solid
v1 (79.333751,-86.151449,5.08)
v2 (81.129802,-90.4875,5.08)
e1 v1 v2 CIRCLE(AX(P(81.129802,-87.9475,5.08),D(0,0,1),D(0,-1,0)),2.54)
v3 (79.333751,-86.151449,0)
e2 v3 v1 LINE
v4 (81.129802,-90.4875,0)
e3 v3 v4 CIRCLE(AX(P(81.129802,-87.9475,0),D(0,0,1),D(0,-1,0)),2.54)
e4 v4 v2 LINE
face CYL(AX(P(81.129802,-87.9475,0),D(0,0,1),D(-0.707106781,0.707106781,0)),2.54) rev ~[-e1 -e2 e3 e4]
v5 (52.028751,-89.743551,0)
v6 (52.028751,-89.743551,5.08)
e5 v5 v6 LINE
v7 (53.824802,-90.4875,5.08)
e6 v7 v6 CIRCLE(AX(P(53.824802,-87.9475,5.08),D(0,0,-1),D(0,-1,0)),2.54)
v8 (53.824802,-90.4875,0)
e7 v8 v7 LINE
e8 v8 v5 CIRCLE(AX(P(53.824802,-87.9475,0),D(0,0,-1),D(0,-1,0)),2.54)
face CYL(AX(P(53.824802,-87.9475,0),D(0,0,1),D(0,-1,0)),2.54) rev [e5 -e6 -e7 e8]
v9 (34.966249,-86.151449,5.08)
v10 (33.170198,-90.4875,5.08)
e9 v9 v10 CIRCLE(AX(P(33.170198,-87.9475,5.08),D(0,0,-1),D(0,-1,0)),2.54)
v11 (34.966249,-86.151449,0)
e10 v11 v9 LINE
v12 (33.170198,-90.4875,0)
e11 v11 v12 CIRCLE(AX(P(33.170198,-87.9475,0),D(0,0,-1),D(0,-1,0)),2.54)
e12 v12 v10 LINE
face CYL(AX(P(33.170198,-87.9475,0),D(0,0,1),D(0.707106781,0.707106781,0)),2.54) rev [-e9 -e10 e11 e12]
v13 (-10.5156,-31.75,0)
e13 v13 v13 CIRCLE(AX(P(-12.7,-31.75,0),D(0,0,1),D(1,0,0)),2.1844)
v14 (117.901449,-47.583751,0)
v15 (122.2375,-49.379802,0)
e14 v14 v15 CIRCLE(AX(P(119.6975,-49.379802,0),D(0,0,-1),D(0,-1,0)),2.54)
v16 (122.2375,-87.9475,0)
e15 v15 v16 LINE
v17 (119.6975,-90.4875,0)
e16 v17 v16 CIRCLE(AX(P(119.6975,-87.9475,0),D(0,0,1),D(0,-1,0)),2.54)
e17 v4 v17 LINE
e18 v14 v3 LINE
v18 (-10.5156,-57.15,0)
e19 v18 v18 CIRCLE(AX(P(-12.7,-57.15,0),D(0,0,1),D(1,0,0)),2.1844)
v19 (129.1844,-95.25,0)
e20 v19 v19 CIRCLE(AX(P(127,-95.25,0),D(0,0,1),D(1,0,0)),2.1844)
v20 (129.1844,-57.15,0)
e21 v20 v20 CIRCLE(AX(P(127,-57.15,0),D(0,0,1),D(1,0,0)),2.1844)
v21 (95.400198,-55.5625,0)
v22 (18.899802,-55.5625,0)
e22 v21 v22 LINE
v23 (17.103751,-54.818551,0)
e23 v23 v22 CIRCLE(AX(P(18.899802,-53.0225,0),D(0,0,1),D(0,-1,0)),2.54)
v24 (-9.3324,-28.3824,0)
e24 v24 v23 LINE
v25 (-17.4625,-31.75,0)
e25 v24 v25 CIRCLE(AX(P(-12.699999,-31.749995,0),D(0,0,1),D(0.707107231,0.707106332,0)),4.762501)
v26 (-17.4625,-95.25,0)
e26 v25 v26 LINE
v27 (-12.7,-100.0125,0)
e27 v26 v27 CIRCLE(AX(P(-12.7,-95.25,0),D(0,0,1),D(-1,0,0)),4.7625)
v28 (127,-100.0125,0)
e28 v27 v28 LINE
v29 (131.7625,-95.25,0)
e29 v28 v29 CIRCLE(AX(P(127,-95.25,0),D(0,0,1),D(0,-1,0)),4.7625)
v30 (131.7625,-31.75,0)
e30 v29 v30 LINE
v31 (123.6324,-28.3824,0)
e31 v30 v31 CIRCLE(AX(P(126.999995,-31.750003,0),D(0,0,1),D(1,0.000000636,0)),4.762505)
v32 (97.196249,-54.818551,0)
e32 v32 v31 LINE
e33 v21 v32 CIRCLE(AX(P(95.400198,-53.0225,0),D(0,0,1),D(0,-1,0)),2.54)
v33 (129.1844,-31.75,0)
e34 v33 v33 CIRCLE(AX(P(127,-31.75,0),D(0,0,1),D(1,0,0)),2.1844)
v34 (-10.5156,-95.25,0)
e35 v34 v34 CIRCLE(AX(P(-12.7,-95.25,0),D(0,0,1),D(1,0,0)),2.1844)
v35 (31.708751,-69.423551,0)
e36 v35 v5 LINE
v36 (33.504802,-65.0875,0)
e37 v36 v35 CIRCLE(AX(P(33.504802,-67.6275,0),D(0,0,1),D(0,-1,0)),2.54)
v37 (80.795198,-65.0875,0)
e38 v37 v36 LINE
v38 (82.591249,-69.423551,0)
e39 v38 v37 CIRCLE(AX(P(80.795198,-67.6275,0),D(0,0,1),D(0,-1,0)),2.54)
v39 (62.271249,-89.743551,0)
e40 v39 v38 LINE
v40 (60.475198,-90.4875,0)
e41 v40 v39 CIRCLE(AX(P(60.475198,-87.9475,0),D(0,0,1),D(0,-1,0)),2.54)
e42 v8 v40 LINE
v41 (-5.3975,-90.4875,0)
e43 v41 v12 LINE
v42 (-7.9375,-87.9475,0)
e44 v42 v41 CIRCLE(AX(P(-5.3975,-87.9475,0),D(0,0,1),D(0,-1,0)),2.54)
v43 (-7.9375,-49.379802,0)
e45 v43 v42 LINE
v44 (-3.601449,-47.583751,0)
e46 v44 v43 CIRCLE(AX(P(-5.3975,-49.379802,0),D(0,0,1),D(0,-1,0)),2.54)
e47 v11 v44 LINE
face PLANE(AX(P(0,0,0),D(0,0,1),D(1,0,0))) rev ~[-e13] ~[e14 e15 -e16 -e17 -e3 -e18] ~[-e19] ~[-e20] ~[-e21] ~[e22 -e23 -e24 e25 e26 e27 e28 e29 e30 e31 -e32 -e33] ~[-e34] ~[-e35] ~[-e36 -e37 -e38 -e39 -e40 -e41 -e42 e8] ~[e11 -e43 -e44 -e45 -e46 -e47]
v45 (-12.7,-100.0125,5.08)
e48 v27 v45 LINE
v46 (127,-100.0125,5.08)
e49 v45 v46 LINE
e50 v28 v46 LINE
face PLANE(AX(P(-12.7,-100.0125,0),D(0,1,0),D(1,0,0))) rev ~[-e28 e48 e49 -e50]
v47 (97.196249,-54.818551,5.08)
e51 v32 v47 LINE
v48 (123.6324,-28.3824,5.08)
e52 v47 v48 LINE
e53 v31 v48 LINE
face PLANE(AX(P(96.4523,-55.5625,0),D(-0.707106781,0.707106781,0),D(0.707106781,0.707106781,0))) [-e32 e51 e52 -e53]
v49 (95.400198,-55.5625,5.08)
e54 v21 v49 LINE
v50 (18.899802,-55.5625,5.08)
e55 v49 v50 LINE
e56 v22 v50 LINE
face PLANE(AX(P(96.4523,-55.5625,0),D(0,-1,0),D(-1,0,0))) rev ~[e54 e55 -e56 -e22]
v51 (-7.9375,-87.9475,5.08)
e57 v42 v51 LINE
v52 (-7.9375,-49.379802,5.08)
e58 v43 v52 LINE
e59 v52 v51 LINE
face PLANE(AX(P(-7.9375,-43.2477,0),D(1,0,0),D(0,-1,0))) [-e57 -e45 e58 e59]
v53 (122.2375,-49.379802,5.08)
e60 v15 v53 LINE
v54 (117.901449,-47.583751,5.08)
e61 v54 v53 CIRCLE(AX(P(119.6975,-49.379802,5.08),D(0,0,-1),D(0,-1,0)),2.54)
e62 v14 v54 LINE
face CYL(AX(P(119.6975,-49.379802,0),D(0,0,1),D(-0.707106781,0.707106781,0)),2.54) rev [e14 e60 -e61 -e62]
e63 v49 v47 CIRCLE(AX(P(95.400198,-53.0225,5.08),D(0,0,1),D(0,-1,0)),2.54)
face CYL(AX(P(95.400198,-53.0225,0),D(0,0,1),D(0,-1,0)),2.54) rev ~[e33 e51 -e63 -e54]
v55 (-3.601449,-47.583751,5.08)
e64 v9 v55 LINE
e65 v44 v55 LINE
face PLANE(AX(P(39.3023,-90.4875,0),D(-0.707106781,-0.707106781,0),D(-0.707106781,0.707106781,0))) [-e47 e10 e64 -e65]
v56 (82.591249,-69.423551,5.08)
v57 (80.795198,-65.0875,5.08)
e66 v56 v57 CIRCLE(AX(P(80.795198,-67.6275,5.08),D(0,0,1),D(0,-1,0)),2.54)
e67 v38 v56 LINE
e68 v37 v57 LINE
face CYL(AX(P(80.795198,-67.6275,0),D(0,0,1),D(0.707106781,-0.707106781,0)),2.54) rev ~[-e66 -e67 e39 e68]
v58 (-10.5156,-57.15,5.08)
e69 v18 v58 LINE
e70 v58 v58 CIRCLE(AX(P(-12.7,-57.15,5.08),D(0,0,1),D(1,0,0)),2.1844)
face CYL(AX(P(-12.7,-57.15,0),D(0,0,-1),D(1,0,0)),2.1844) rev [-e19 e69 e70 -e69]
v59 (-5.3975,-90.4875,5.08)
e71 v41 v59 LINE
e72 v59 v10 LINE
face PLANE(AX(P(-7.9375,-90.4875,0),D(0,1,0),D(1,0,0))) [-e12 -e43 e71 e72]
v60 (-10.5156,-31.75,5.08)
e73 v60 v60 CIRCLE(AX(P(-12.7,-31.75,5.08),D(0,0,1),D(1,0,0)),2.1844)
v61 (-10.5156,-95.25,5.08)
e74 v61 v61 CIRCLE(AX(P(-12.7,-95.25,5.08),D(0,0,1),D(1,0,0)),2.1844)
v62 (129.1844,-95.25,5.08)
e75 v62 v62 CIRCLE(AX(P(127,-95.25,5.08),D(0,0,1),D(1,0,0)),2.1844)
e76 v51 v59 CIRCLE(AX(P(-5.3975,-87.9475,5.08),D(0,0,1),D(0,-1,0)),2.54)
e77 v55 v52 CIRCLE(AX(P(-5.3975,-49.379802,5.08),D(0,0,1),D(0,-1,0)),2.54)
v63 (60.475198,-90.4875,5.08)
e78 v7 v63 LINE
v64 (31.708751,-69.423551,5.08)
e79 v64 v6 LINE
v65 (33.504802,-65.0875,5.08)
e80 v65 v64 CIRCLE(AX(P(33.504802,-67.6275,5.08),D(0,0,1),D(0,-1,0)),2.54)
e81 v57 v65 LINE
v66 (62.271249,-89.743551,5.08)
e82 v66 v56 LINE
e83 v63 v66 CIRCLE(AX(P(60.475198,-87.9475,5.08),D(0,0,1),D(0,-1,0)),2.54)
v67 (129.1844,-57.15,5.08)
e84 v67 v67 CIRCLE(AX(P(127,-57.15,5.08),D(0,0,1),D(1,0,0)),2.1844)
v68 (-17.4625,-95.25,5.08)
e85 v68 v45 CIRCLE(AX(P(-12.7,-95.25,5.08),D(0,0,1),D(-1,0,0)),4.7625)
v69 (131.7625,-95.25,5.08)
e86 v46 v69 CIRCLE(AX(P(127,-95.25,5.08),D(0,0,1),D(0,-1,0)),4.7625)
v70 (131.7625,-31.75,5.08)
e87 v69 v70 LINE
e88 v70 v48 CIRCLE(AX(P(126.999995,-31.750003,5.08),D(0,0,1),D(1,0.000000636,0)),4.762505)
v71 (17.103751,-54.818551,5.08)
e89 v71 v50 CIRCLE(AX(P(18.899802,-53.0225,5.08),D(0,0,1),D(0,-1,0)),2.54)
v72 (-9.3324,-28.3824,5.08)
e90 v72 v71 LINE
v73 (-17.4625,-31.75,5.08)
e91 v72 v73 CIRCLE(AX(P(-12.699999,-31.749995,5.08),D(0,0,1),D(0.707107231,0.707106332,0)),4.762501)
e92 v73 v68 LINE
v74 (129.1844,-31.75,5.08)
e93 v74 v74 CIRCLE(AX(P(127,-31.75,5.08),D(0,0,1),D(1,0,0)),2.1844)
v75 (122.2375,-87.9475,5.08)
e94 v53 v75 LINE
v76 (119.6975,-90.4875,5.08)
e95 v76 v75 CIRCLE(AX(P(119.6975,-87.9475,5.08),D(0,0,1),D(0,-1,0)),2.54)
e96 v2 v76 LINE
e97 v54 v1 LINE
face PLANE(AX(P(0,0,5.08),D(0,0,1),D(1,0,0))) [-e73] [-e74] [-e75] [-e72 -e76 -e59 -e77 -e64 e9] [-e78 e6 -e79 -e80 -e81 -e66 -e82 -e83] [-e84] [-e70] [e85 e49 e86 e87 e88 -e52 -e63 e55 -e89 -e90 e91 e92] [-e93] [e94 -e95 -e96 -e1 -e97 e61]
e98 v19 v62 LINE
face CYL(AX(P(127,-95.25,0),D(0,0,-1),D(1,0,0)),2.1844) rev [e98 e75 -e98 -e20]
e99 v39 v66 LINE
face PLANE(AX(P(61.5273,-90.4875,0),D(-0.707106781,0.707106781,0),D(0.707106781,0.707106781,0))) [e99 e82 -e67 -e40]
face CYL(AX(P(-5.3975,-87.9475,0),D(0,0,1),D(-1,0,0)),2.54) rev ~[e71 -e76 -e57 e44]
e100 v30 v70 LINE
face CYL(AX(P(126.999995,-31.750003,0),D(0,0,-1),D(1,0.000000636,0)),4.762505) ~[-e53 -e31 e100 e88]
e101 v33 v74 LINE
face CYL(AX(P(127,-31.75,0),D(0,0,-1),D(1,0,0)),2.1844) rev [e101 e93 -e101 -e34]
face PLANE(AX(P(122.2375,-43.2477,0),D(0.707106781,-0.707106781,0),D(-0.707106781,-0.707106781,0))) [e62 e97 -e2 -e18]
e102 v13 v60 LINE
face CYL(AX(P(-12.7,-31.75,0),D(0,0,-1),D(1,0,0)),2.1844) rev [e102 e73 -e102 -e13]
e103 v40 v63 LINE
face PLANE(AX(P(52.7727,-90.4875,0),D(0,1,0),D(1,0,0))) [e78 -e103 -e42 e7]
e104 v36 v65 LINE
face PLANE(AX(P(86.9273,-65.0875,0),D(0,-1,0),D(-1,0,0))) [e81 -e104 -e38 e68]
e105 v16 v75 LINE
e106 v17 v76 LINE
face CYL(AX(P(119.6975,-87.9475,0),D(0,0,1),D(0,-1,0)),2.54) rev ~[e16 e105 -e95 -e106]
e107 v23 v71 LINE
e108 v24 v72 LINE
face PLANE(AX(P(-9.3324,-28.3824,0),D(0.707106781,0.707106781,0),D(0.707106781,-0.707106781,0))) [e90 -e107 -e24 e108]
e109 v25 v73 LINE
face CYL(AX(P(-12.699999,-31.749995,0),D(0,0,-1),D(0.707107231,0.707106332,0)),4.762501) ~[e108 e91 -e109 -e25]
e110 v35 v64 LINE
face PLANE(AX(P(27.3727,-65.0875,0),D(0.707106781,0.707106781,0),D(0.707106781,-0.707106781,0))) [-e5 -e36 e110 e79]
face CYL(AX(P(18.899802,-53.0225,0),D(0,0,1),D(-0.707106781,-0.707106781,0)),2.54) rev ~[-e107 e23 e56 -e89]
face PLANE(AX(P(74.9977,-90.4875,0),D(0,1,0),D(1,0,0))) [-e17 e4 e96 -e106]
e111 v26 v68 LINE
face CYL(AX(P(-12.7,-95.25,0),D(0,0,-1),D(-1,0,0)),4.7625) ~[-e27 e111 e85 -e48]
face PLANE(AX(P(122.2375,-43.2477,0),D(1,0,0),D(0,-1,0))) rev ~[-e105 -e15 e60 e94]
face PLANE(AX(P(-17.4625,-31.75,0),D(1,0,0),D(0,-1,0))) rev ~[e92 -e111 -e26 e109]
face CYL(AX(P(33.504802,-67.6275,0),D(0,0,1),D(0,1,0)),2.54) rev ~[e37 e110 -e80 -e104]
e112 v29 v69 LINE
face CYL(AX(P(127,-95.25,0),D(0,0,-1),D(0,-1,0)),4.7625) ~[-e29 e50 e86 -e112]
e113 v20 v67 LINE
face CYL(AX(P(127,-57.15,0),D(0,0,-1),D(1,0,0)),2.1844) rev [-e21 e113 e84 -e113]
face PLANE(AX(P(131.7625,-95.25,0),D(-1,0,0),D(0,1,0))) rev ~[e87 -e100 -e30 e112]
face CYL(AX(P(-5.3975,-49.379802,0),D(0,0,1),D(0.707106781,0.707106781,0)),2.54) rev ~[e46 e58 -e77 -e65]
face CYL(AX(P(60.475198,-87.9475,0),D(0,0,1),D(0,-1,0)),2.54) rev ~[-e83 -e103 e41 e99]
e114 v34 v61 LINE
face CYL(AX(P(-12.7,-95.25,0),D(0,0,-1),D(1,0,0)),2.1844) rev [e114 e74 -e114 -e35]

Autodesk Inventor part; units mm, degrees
ref_plane "YZ Plane" through (0, 0, 0) normal (1, 0, 0) x (0, 1, 0)
ref_plane "XZ Plane" through (0, 0, 0) normal (0, 1, 0) x (-1, 0, 0)
ref_plane "XY Plane" through (0, 0, 0) normal (0, 0, 1) x (1, 0, 0)
sketch "Sketch1" plane through (0, 0, 0) normal (0, 0, 1) x (1, 0, 0)
  circle A0 centre (-12.7, -31.75) radius 2.1844 projected
  circle A1 centre (127, -31.75) radius 2.1844 projected
  circle A2 centre (-12.7, -95.25) radius 2.1844 projected
  circle A3 centre (127, -95.25) radius 2.1844 projected
  arc A4 (-17.4625, -95.25) -> (-12.7, -100.0125) centre (-12.7, -95.25) ccw
  arc A5 (-9.3324, -28.3824) -> (-17.4625, -31.75) centre (-12.7, -31.75) ccw
  arc A6 (131.7625, -31.75) -> (123.6324, -28.3824) centre (127, -31.75) ccw
  arc A7 (127, -100.0125) -> (131.7625, -95.25) centre (127, -95.25) ccw
  line L0 (-17.4625, -31.75) -> (-17.4625, -95.25)
  line L1 (-12.7, -100.0125) -> (127, -100.0125)
  line L2 (131.7625, -95.25) -> (131.7625, -31.75)
  line L3 (39.3023, -90.4875) -> (-7.9375, -43.2477)
  line L4 (-7.9375, -43.2477) -> (-7.9375, -90.4875)
  line L5 (122.2375, -43.2477) -> (122.2375, -90.4875)
  line L6 (122.2375, -43.2477) -> (74.9977, -90.4875)
  line L7 (57.15, -100.0125) -> (57.15, -90.4875) construction
  line L8 (-7.9375, -90.4875) -> (39.3023, -90.4875)
  line L9 (52.7727, -90.4875) -> (61.5273, -90.4875)
  line L10 (74.9977, -90.4875) -> (122.2375, -90.4875)
  line L11 (86.9273, -65.0875) -> (27.3727, -65.0875)
  line L12 (96.4523, -55.5625) -> (17.8477, -55.5625)
  line L13 (61.5273, -90.4875) -> (86.9273, -65.0875)
  line L14 (96.4523, -55.5625) -> (123.6324, -28.3824)
  line L15 (-9.3324, -28.3824) -> (17.8477, -55.5625)
  line L16 (27.3727, -65.0875) -> (52.7727, -90.4875)
  circle A8 centre (-12.7, -57.15) radius 2.1844 projected
  circle A9 centre (127, -57.15) radius 2.1844 projected
  point P0 (0, 0)
  dimension "d0" = 9.525
  dimension "d8" = 9.525
  dimension "d9" = 25.4
  dimension "d10" = 45
extrude "Extrusion1" add sketch "Sketch1" along normal blind 5.08
fillet "Fillet2" radius 2.54 6 edges at (39.3023, -90.4875, 2.54) (74.9977, -90.4875, 2.54) (122.2375, -43.2477, 2.54) (122.2375, -90.4875, 2.54) (-7.9375, -43.2477, 2.54) (-7.9375, -90.4875, 2.54)
fillet "Fillet3" radius 2.54 6 edges at (27.3727, -65.0875, 2.54) (86.9273, -65.0875, 2.54) (96.4523, -55.5625, 2.54) (17.8477, -55.5625, 2.54) (61.5273, -90.4875, 2.54) (52.7727, -90.4875, 2.54)
properties part number "hoodbrace"
